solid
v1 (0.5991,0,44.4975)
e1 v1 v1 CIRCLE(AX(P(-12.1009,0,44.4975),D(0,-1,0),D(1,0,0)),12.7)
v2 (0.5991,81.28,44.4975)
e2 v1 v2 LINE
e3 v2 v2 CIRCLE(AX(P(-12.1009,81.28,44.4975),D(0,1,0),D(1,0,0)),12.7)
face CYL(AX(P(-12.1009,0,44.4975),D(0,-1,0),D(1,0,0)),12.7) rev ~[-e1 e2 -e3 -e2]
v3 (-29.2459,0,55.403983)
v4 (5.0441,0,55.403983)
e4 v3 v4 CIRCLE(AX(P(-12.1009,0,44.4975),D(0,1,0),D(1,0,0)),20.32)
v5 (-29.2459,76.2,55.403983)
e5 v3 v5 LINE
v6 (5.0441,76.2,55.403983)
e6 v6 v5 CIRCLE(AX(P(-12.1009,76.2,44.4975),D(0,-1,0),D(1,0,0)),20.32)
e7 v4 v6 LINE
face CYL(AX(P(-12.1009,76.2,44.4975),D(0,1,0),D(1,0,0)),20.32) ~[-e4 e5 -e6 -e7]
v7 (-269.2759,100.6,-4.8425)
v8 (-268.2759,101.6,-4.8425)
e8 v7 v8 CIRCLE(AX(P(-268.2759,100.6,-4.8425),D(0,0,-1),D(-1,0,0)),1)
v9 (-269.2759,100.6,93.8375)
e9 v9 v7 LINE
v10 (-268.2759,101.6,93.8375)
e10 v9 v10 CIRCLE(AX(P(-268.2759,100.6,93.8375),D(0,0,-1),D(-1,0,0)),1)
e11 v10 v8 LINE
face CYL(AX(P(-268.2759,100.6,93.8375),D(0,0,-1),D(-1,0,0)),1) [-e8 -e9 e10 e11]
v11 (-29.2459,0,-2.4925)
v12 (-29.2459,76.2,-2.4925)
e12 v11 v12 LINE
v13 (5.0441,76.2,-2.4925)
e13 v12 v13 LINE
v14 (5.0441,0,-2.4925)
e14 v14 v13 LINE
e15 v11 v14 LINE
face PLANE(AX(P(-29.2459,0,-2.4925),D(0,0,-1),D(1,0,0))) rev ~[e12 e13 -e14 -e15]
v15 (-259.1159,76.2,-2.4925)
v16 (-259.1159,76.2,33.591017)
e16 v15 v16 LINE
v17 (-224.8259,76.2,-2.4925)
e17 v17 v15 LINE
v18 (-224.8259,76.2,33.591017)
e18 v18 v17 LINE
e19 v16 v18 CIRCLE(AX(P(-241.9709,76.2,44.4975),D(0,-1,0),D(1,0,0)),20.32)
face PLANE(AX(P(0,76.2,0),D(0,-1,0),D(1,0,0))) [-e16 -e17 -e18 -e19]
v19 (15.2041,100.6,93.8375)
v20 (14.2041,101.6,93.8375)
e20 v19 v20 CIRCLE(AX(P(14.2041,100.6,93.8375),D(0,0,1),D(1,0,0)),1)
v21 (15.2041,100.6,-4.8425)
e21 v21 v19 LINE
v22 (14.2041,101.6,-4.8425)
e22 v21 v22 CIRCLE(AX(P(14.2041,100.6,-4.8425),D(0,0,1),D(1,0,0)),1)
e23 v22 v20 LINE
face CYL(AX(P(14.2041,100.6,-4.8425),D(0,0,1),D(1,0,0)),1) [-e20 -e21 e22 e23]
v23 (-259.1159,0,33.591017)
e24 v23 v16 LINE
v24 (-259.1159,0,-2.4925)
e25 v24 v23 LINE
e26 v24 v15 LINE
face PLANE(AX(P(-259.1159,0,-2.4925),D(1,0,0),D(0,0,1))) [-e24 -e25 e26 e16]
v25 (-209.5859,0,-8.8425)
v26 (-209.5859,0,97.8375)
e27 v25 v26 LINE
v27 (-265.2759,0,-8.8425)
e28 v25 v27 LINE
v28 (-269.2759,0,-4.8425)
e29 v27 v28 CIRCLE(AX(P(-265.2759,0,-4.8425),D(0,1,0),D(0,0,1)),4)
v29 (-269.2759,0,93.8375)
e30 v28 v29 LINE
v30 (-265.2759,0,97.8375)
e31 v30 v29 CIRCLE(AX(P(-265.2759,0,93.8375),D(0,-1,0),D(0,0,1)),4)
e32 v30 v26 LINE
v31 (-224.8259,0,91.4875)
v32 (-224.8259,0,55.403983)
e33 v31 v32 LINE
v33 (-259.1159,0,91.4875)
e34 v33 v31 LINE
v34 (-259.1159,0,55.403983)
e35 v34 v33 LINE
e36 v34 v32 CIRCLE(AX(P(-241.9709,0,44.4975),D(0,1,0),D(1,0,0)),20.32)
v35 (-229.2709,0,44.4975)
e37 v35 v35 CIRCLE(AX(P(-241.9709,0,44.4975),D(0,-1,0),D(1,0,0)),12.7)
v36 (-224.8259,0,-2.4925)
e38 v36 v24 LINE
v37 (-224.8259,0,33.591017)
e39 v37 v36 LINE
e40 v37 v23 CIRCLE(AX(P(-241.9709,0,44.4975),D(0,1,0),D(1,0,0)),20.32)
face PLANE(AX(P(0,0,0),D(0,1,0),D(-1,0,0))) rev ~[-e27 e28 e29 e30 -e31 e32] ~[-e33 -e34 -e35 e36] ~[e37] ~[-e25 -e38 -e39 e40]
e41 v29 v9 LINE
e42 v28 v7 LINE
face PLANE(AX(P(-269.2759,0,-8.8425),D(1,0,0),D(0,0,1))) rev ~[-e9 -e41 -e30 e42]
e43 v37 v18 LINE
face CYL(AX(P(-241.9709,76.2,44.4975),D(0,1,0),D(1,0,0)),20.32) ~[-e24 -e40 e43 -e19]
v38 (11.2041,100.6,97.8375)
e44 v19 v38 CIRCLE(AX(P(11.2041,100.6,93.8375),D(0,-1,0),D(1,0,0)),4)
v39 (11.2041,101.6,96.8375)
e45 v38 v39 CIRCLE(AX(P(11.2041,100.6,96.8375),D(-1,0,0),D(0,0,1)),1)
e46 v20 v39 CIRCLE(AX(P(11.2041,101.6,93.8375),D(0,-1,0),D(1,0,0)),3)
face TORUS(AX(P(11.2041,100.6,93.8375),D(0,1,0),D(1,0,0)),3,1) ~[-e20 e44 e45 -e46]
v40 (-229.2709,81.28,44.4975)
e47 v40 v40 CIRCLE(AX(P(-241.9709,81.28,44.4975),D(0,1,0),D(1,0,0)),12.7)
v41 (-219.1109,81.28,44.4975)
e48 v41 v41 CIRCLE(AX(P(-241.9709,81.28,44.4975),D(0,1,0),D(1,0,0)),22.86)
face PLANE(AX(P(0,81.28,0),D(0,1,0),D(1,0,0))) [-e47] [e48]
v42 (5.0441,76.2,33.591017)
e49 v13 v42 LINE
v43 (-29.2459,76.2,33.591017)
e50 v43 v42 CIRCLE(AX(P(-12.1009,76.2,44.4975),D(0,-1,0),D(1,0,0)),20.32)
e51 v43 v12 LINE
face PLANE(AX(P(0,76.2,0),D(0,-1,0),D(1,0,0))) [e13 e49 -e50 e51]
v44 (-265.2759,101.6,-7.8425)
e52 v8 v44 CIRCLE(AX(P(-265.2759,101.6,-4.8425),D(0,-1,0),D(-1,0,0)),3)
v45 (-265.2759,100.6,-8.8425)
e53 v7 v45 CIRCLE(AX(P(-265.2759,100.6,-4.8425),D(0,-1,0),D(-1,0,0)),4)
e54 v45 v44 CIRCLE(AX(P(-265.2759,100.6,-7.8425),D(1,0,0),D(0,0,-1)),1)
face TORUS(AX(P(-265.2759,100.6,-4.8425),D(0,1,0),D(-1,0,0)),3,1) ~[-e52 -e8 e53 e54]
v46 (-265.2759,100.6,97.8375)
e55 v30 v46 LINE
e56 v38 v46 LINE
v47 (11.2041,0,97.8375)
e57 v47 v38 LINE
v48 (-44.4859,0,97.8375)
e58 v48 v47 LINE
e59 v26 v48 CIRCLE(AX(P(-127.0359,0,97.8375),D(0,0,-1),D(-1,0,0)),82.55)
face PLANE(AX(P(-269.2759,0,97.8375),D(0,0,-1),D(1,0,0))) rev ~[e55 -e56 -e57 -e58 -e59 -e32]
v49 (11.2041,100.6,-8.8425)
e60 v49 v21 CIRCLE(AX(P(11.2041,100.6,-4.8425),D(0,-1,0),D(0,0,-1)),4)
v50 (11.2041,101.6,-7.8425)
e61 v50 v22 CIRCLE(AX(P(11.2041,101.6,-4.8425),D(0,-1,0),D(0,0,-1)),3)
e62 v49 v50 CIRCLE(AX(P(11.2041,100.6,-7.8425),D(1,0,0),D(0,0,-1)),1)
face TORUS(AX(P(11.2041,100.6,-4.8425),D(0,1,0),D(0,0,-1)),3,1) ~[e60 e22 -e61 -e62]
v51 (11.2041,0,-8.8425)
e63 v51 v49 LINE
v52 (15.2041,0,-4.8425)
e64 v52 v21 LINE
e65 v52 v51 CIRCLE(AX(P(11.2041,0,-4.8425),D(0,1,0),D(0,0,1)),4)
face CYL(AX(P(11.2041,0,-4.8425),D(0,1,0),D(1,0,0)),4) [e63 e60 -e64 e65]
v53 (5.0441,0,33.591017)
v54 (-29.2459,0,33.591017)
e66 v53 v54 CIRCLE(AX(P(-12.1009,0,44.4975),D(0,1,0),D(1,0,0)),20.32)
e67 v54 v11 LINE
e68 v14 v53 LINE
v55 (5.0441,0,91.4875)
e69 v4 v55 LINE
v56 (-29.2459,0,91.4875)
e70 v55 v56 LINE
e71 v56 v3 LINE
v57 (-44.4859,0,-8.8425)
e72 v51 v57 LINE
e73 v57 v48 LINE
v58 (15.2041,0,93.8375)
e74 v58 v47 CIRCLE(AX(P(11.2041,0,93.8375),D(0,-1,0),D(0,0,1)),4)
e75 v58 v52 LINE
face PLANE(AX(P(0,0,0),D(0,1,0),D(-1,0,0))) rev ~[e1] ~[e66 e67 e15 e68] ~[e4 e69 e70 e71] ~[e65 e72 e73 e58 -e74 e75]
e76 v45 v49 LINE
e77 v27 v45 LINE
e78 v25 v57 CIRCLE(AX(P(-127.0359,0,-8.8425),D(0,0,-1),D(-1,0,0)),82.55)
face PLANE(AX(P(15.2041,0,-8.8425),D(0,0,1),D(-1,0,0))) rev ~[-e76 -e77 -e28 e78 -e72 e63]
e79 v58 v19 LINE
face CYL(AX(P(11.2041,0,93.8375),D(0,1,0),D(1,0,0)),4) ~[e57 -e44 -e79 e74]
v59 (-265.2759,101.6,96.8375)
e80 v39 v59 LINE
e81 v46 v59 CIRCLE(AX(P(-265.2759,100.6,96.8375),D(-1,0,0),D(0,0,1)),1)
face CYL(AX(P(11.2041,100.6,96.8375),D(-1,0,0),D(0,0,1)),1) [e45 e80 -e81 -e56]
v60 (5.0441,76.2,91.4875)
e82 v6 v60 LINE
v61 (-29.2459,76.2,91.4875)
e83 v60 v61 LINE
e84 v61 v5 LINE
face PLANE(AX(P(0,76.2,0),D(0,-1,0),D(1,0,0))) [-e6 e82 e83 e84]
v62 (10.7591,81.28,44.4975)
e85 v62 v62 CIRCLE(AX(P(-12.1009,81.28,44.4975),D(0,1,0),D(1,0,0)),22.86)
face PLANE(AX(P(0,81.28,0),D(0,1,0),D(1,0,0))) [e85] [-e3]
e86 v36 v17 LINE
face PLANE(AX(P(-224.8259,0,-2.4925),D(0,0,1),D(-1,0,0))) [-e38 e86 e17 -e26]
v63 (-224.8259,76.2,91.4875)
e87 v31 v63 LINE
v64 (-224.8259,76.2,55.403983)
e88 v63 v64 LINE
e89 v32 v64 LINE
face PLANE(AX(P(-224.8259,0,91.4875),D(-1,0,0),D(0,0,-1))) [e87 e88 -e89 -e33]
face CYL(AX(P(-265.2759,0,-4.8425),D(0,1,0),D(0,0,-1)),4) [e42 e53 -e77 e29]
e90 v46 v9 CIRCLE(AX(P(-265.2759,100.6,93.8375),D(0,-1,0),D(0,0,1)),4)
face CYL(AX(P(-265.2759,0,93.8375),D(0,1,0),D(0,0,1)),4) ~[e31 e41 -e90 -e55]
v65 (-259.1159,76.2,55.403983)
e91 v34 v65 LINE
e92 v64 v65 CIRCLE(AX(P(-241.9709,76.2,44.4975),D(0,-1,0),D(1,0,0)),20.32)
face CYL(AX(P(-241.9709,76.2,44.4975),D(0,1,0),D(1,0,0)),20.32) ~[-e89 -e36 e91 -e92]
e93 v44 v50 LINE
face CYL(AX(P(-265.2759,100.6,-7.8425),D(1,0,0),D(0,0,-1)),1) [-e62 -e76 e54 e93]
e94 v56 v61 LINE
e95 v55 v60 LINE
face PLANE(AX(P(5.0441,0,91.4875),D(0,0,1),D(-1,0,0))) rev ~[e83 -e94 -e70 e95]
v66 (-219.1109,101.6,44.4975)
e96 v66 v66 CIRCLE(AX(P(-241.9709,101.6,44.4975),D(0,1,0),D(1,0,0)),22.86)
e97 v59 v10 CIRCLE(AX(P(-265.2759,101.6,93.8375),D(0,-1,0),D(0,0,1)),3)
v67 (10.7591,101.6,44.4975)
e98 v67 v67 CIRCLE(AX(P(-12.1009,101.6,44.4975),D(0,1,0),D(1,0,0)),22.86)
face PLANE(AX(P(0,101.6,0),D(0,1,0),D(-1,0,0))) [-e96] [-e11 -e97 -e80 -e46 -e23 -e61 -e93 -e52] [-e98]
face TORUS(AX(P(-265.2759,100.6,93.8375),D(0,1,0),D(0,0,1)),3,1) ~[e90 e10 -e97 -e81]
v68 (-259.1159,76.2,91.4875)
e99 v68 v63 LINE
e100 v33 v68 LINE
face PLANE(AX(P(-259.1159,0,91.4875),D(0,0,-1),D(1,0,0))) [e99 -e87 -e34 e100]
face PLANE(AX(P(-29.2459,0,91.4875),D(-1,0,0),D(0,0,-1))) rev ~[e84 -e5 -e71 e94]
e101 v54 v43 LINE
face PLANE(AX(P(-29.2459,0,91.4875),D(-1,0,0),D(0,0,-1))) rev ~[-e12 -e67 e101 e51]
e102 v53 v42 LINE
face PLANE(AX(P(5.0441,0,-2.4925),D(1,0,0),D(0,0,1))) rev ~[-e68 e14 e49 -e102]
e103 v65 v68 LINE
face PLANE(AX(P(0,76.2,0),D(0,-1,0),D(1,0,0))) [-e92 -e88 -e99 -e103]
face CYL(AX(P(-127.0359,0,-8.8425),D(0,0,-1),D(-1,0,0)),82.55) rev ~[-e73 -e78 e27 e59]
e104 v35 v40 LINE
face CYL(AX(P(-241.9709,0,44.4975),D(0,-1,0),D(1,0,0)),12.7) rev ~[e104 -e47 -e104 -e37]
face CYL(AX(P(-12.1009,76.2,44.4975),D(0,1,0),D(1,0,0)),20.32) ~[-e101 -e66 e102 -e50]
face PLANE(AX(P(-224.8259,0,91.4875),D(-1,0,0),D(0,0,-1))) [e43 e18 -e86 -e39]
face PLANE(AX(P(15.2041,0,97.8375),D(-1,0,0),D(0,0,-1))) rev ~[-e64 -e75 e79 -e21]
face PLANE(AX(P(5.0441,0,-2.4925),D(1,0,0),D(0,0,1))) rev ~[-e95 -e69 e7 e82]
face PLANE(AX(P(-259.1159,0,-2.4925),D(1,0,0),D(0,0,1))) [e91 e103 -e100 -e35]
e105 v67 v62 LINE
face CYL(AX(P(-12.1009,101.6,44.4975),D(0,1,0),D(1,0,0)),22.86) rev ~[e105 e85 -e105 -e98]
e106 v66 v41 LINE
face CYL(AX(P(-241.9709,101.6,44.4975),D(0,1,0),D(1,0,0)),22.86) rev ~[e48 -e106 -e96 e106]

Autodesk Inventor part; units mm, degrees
ref_plane "YZ Plane" through (0, 0, 0) normal (1, 0, 0) x (0, 1, 0)
ref_plane "XZ Plane" through (0, 0, 0) normal (0, 1, 0) x (-1, 0, 0)
ref_plane "XY Plane" through (0, 0, 0) normal (0, 0, 1) x (1, 0, 0)
sketch "Sketch2" plane through (0, 0, 0) normal (0, 1, 0) x (-1, 0, 0)
  line L0 (-15.2041, -8.8425) -> (269.2759, -8.8425)
  line L1 (269.2759, -8.8425) -> (269.2759, 97.8375)
  line L2 (269.2759, 97.8375) -> (-15.2041, 97.8375)
  line L3 (-15.2041, 97.8375) -> (-15.2041, -8.8425)
  point P0 (0, 0)
  dimension "d5" = 284.48
  dimension "d6" = 106.68
  dimension "d7" = 284.48
  dimension "d8" = 106.68
extrude "Extrusion1" add sketch "Sketch2" along normal blind 101.6
sketch "Sketch3" plane through (15.2041, 0, -8.8425) normal (0, 0, -1) x (-1, 0, 0)
  line L0 (0, 0) -> (284.48, 0) projected
  arc A0 (224.79, 0) -> (59.69, 0) centre (142.24, 0) ccw
  line L1 (59.69, 0) -> (224.79, 0)
  point P0 (15.2041, 0)
extrude "Extrusion2" cut sketch "Sketch3" against normal blind 127
sketch "Sketch4" plane through (0, 0, 0) normal (0, -1, 0) x (1, 0, 0)
  line L0 (-209.5859, -8.8425) -> (-209.5859, 97.8375) projected
  line L1 (-269.2759, 97.8375) -> (-209.5859, 97.8375) projected
  line L2 (-269.2759, -8.8425) -> (-269.2759, 97.8375) projected
  line L3 (-209.5859, -8.8425) -> (-269.2759, -8.8425) projected
  line L4 (-44.4859, 97.8375) -> (15.2041, 97.8375) projected
  line L5 (-44.4859, 97.8375) -> (-44.4859, -8.8425) projected
  line L6 (15.2041, -8.8425) -> (-44.4859, -8.8425) projected
  line L7 (15.2041, 97.8375) -> (15.2041, -8.8425) projected
  line L8 (-44.4859, 97.8375) -> (15.2041, 97.8375) projected
  line L9 (-241.3709, 97.8375) -> (-241.3709, 91.4875) construction
  line L10 (-209.5859, 77.888) -> (-224.8259, 77.888) construction
  line L11 (-269.2759, 47.5596) -> (-259.1159, 47.5596) construction
  line L12 (-239.4309, -8.8425) -> (-239.4309, -2.4925) construction
  line L13 (-259.1159, -2.4925) -> (-259.1159, 91.4875)
  line L14 (-259.1159, 91.4875) -> (-224.8259, 91.4875)
  line L15 (-224.8259, 91.4875) -> (-224.8259, -2.4925)
  line L16 (-224.8259, -2.4925) -> (-259.1159, -2.4925)
  point P0 (0, 0)
  dimension "d15" = 6.35
  dimension "d16" = 15.24
  dimension "d17" = 10.16
  dimension "d18" = 6.35
extrude "Extrusion3" cut sketch "Sketch4" against normal blind 76.2 contours L13 L14 L15 L16
sketch "Sketch5" plane through (0, 76.2, 0) normal (0, -1, 0) x (1, 0, 0)
  line L0 (-259.1159, 91.4875) -> (-224.8259, 91.4875) projected
  line L1 (-259.1159, -2.4925) -> (-259.1159, 91.4875) projected
  line L2 (-224.8259, -2.4925) -> (-259.1159, -2.4925) projected
  line L3 (-224.8259, 91.4875) -> (-224.8259, -2.4925) projected
  line L4 (-259.1159, 44.4975) -> (-224.8259, 44.4975) construction
  line L5 (-241.9709, 91.4875) -> (-241.9709, 84.1907) construction
  line L6 (-241.9709, 84.1907) -> (-241.9709, 84.1907) construction
  line L7 (-241.9709, 84.1907) -> (-241.9709, -2.4925) construction
  circle A0 centre (-241.9709, 44.4975) radius 20.32
  point P0 (0, 0)
  dimension "d21" = 40.64
  dimension "d22" = 0
extrude "Extrusion4" add sketch "Sketch5" along normal blind 76.2 contours A0 L3 L1 | L1 A0 | A0 L3
sketch "Sketch6" plane through (0, 0, 0) normal (0, -1, 0) x (1, 0, 0)
  arc A0 (-259.1159, 33.5911) -> (-224.8259, 33.5911) centre (-241.9709, 44.4975) ccw projected
  circle A1 centre (-241.9709, 44.4975) radius 12.7
  point P0 (0, 0)
  dimension "d25" = 25.4
extrude "Extrusion5" cut sketch "Sketch6" against normal blind 101.6
sketch "Sketch7" plane through (0, 101.6, 0) normal (0, 1, 0) x (1, 0, 0)
  circle A0 centre (-241.9709, -44.4975) radius 12.7 projected
  circle A1 centre (-241.9709, -44.4975) radius 22.86
  point P0 (0, 0)
  dimension "d29" = 45.72
extrude "Extrusion6" cut sketch "Sketch7" against normal blind 20.32
sketch "Sketch8" plane through (0, 0, 0) normal (0, -1, 0) x (1, 0, 0)
  line L0 (-44.4859, 97.8375) -> (-44.4859, -8.8425) projected
  line L1 (15.2041, -8.8425) -> (-44.4859, -8.8425) projected
  line L2 (15.2041, 97.8375) -> (15.2041, -8.8425) projected
  line L3 (-44.4859, 97.8375) -> (15.2041, 97.8375) projected
  line L4 (-44.4859, 51.8911) -> (-29.2459, 51.8911) construction
  line L5 (15.2041, 49.6514) -> (5.0441, 49.6514) construction
  line L6 (-16.6435, -8.8425) -> (-16.6435, -2.4925) construction
  line L7 (-14.6409, 97.8375) -> (-14.6409, 91.4875) construction
  line L8 (5.0441, 91.4875) -> (-29.2459, 91.4875)
  line L9 (-29.2459, 91.4875) -> (-29.2459, -2.4925)
  line L10 (-29.2459, -2.4925) -> (5.0441, -2.4925)
  line L11 (5.0441, -2.4925) -> (5.0441, 91.4875)
  point P0 (0, 0)
  dimension "d32" = 15.24
  dimension "d33" = 10.16
  dimension "d34" = 6.35
  dimension "d35" = 6.35
extrude "Extrusion7" cut sketch "Sketch8" against normal blind 76.2 contours L11 L10 L9 L8
sketch "Sketch9" plane through (0, 76.2, 0) normal (0, -1, 0) x (1, 0, 0)
  line L0 (-29.2459, 91.4875) -> (5.0441, 91.4875) projected
  line L1 (-29.2459, -2.4925) -> (-29.2459, 91.4875) projected
  line L2 (5.0441, -2.4925) -> (-29.2459, -2.4925) projected
  line L3 (-12.1009, -2.4925) -> (-12.1009, 91.4875) construction
  line L4 (-29.2459, 44.4975) -> (0, 44.4975) construction
  circle A0 centre (-12.1009, 44.4975) radius 20.32
  point P0 (0, 0)
  dimension "d38" = 40.64
extrude "Extrusion8" add sketch "Sketch9" along normal blind 76.2
sketch "Sketch10" plane through (0, 0, 0) normal (0, -1, 0) x (1, 0, 0)
  arc A0 (-29.2459, 33.5911) -> (5.0441, 33.5911) centre (-12.1009, 44.4975) ccw projected
  circle A1 centre (-12.1009, 44.4975) radius 12.7
  point P0 (0, 0)
  dimension "d41" = 25.4
extrude "Extrusion9" cut sketch "Sketch10" against normal blind 101.6
sketch "Sketch11" plane through (0, 101.6, 0) normal (0, 1, 0) x (1, 0, 0)
  circle A0 centre (-12.1009, -44.4975) radius 12.7 projected
  circle A1 centre (-12.1009, -44.4975) radius 22.86
  point P0 (0, 0)
  dimension "d44" = 45.72
extrude "Extrusion10" cut sketch "Sketch11" against normal blind 20.32
fillet "Fillet1" radius 4 4 edges at (15.2041, 50.8, 97.8375) (15.2041, 50.8, -8.8425) (-269.2759, 50.8, 97.8375) (-269.2759, 50.8, -8.8425)
fillet "Fillet2" radius 1 8 edges at (14.0325, 101.6, 96.666) (15.2041, 101.6, 44.4975) (14.0325, 101.6, -7.6709) (-127.0359, 101.6, -8.8425) (-268.1044, 101.6, -7.6709) (-269.2759, 101.6, 44.4975) (-268.1044, 101.6, 96.666) (-127.0359, 101.6, 97.8375)
properties part number "CIM mount" material "Polypropylene"
